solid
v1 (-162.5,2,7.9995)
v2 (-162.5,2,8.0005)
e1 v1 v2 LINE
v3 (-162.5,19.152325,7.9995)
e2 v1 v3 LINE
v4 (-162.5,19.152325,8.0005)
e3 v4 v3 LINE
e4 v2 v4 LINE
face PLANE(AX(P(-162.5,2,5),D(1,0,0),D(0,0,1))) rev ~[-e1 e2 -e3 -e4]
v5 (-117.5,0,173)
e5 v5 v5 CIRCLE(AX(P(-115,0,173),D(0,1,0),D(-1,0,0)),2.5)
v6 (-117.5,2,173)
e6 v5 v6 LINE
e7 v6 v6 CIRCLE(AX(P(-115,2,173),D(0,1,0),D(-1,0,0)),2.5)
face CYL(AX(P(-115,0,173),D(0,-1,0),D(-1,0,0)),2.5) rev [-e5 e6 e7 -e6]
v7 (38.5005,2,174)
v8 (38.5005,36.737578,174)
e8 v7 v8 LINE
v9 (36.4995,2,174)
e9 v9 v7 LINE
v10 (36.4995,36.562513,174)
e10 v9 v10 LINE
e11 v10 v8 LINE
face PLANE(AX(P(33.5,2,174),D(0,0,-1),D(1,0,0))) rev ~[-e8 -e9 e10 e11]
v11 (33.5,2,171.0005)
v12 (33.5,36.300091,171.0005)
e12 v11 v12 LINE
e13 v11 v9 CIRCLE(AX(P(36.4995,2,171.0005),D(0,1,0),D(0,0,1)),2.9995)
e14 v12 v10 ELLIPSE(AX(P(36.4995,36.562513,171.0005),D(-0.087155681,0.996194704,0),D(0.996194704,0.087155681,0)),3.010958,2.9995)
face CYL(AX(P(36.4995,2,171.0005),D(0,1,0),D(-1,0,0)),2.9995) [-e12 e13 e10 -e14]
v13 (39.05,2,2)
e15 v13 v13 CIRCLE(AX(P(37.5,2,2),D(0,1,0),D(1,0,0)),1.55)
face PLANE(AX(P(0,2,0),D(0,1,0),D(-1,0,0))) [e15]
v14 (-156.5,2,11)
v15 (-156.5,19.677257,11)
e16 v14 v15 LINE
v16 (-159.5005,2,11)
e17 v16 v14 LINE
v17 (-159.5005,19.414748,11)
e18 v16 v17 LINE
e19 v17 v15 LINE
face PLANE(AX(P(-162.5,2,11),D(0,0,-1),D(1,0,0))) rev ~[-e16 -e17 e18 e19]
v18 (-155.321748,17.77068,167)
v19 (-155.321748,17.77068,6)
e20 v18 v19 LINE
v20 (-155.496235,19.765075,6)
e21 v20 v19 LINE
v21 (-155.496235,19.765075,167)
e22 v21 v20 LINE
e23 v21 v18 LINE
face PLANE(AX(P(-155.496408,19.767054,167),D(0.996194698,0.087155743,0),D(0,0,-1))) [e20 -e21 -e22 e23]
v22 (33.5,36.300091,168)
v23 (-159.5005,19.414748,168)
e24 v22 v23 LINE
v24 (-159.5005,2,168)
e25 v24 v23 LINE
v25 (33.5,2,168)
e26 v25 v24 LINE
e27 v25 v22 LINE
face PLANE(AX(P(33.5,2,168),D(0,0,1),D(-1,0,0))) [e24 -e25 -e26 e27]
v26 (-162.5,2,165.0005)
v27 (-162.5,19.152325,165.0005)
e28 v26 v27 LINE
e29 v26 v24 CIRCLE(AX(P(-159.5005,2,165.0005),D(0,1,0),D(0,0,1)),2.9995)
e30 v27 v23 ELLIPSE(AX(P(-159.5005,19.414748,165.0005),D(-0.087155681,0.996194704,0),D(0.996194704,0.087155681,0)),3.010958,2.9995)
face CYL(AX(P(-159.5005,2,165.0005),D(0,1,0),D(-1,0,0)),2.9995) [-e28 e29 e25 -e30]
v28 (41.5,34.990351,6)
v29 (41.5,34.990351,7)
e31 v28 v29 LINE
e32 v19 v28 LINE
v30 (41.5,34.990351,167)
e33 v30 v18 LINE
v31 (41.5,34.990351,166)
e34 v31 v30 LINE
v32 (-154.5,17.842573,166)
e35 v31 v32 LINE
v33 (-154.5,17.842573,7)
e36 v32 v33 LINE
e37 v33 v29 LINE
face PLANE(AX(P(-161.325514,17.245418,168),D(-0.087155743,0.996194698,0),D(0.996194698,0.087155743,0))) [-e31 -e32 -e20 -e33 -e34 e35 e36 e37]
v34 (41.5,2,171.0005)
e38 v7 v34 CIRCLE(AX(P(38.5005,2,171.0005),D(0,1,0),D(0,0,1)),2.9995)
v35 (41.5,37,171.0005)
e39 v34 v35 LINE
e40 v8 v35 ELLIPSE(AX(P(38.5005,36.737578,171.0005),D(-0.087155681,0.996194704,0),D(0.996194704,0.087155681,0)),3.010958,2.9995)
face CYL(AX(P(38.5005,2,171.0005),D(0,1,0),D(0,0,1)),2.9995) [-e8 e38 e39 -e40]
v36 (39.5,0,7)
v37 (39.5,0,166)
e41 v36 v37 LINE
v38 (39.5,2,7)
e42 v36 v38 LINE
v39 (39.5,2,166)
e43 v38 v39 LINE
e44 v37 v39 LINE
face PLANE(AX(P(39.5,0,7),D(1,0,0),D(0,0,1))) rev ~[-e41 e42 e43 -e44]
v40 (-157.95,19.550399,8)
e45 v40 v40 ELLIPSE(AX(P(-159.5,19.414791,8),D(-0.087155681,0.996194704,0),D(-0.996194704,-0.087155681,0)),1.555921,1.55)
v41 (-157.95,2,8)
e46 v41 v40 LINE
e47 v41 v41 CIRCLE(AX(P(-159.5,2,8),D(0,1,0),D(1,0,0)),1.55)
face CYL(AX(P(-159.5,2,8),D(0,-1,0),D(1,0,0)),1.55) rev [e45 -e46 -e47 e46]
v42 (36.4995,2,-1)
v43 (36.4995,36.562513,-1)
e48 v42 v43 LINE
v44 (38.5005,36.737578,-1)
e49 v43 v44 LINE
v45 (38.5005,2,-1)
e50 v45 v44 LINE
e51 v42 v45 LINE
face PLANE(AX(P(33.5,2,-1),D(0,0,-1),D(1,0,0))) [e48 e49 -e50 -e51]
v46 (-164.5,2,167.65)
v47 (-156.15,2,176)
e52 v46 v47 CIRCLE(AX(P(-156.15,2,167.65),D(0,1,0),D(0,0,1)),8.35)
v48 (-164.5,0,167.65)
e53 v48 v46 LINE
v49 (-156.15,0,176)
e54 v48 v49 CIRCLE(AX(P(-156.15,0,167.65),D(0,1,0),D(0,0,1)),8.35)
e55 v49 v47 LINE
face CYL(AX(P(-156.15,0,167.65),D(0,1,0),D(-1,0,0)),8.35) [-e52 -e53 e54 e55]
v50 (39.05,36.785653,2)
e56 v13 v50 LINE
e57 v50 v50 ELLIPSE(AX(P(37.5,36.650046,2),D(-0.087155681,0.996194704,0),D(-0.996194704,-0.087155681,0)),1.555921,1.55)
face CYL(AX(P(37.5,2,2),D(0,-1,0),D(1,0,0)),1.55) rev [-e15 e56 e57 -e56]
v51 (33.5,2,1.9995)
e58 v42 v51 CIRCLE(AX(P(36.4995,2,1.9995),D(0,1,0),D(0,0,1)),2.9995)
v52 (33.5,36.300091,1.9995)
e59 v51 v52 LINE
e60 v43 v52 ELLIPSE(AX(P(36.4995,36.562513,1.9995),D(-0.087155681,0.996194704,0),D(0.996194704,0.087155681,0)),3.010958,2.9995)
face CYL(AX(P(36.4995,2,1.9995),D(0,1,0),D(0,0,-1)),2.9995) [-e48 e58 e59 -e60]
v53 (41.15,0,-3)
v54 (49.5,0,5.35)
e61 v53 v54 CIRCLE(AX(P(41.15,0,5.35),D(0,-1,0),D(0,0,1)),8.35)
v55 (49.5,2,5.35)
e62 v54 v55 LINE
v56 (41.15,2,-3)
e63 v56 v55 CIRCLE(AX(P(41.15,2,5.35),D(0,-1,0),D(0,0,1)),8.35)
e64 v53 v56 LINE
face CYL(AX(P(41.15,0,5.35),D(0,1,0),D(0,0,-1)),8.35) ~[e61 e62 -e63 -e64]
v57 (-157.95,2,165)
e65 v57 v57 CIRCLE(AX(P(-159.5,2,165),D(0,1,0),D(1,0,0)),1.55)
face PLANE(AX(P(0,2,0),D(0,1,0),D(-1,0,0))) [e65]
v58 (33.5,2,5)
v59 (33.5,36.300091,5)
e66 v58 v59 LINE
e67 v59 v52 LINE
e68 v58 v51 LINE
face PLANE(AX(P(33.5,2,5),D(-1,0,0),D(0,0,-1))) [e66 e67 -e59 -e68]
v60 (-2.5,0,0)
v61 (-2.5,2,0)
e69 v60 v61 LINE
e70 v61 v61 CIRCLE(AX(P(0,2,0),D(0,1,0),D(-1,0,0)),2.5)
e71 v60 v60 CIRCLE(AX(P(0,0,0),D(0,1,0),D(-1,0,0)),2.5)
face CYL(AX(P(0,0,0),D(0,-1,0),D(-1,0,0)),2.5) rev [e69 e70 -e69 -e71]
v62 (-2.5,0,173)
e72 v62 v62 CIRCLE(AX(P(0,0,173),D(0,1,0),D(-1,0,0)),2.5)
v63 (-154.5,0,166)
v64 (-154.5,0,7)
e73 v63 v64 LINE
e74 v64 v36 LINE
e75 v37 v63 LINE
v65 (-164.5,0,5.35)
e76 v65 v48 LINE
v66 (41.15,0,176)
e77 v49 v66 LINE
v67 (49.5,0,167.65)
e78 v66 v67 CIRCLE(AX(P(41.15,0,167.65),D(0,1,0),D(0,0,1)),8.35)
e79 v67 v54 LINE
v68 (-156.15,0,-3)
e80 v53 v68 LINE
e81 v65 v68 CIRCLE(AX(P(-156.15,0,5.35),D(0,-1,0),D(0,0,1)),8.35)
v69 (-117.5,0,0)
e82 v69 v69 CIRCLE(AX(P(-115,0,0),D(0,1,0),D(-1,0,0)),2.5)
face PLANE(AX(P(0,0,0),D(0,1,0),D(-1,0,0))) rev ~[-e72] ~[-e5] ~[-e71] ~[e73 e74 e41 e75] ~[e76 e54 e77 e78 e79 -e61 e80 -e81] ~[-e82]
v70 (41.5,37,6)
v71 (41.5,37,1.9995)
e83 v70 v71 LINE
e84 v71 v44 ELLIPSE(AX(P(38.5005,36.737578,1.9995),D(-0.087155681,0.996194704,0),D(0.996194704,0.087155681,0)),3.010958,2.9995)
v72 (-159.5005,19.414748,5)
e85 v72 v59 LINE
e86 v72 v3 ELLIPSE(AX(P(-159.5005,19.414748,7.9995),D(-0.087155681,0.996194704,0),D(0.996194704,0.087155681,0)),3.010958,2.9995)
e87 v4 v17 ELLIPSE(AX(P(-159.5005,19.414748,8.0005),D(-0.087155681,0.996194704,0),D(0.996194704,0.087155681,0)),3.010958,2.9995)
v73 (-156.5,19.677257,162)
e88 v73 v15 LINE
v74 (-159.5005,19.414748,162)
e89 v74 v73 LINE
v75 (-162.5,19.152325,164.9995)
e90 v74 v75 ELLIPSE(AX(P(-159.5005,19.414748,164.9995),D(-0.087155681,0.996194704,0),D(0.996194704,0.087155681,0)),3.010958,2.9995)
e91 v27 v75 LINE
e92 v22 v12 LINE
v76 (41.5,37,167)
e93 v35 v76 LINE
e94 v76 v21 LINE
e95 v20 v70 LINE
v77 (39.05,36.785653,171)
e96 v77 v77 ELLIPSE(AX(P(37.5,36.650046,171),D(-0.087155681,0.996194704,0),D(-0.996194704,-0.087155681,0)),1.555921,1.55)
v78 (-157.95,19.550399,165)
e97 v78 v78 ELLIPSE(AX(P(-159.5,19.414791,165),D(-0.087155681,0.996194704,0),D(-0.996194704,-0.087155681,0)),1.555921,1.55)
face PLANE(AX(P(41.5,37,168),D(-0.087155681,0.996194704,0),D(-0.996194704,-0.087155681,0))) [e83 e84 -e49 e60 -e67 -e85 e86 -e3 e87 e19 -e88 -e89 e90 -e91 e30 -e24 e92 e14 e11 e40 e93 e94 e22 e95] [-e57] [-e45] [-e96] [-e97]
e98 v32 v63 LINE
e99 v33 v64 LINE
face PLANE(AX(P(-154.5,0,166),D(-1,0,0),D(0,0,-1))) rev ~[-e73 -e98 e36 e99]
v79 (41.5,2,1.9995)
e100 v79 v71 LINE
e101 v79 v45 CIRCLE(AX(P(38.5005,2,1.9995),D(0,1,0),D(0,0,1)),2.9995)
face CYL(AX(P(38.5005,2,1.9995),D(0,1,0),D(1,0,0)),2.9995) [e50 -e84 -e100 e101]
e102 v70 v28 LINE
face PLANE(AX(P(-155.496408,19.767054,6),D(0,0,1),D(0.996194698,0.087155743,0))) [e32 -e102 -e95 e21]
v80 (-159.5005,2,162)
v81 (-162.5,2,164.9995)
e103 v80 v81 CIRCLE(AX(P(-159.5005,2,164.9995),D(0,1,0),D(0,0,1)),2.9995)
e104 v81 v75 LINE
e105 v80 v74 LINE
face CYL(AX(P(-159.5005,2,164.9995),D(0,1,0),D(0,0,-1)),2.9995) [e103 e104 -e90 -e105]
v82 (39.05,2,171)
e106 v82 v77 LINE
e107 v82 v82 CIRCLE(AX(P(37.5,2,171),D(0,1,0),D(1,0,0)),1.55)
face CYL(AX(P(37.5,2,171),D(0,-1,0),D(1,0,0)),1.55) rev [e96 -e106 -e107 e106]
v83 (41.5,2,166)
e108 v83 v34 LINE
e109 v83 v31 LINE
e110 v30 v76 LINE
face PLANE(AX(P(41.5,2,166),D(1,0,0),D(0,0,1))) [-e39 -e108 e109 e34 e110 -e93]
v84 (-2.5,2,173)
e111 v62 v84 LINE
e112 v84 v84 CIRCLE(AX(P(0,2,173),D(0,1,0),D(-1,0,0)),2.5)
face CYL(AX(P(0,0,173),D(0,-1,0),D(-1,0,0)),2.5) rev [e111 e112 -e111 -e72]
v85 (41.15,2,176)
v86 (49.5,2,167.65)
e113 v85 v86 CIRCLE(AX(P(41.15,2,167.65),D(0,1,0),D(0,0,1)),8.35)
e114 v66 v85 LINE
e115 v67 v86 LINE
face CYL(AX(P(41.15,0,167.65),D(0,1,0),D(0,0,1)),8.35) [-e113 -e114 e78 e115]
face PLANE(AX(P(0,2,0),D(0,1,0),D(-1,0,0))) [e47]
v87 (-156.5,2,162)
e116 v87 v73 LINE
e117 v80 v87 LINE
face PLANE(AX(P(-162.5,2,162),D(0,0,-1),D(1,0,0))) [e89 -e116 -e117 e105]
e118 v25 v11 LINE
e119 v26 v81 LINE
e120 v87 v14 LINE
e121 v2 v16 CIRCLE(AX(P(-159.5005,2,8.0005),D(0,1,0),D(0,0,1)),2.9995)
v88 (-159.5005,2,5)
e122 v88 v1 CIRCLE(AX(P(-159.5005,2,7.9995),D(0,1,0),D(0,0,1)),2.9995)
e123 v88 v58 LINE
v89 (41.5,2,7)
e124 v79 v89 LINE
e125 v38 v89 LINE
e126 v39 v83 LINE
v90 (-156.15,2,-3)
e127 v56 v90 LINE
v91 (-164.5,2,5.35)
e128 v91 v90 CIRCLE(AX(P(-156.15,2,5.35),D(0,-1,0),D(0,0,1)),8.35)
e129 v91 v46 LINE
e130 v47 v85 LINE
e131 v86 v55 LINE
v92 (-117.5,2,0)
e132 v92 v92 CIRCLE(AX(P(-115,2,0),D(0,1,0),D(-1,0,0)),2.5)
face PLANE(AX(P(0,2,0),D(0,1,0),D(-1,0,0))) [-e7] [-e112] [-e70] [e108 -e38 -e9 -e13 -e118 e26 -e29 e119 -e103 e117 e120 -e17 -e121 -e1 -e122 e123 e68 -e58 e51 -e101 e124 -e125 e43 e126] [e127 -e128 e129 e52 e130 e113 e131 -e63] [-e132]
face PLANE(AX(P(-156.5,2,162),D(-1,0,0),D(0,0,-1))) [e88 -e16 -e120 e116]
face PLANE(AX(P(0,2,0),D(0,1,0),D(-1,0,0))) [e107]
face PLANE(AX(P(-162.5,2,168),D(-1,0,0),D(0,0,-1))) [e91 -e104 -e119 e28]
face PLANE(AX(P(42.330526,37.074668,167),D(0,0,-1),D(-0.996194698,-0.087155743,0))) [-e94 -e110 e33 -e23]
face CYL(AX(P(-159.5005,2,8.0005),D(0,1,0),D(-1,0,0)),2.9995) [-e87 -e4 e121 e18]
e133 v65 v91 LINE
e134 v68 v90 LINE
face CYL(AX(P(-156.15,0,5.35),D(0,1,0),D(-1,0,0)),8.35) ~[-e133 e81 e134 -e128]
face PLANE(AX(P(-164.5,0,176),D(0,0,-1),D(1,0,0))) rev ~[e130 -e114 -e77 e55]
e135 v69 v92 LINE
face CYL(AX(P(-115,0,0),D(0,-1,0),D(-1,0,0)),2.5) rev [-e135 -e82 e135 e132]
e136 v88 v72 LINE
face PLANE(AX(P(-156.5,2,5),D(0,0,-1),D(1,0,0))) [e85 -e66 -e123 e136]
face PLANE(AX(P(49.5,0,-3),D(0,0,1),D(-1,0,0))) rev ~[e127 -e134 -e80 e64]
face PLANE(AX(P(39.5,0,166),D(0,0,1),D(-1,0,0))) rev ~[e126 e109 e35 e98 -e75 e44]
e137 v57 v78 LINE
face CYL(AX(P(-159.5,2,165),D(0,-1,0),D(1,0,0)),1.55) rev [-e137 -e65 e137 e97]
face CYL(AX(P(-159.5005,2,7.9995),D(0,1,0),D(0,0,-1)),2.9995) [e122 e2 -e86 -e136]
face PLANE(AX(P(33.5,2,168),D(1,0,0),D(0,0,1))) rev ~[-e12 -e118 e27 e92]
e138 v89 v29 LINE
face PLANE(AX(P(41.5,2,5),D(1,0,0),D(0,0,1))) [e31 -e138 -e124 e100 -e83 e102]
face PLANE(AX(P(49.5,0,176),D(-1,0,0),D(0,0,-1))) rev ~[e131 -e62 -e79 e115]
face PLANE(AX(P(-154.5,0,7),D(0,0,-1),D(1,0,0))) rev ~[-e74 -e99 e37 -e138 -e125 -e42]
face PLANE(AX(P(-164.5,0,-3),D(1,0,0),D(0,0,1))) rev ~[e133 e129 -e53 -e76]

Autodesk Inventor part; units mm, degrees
ref_plane "YZ Plane" through (0, 0, 0) normal (1, 0, 0) x (0, 1, 0)
ref_plane "XZ Plane" through (0, 0, 0) normal (0, 1, 0) x (-1, 0, 0)
ref_plane "XY Plane" through (0, 0, 0) normal (0, 0, 1) x (1, 0, 0)
sketch "panelconnect" plane through (0, 0, 0) normal (0, 1, 0) x (-1, 0, 0)
  circle A0 centre (0, 0) radius 2.5
  circle A1 centre (115, 0) radius 2.5
  circle A2 centre (115, 173) radius 2.5
  circle A3 centre (0, 173) radius 2.5
  line L0 (57.2025, 240.8064) -> (94.1768, 240.8064)
  line L1 (94.1768, 240.8064) -> (82.9725, 250.4701)
  line L2 (82.9725, 250.4701) -> (82.9725, 230.5824)
  line L3 (82.9725, 230.5824) -> (94.1768, 240.8064)
  line L4 (172.5, 184) -> (-57.5, 184)
  line L5 (-57.5, 184) -> (-57.5, -11)
  line L6 (-57.5, -11) -> (172.5, -11)
  line L7 (172.5, -11) -> (172.5, 184)
  line L8 (-39.5, 166) -> (154.5, 166)
  line L9 (154.5, 166) -> (154.5, 7)
  line L10 (154.5, 7) -> (-39.5, 7)
  line L11 (-39.5, 7) -> (-39.5, 166)
  line L12 (164.5, 176) -> (-49.5, 176)
  line L13 (-49.5, 176) -> (-49.5, -3)
  line L14 (-49.5, -3) -> (164.5, -3)
  line L15 (164.5, -3) -> (164.5, 176)
  dimension "d0" = 5
  dimension "d1" = 5
  dimension "d3" = 5
  dimension "d7" = 5
  dimension "d11" = 195
  dimension "d14" = 18
  dimension "d15" = 10
  dimension "d54" = 115
  dimension "d55" = 57.5
  dimension "d56" = 57.5
  dimension "d57" = 230
  dimension "d58" = 173
  dimension "d61" = 11
  dimension "d62" = 57.5
  dimension "d64" = 57.5
  dimension "d65" = 11
extrude "panelExtrude" add sketch "panelconnect" along normal blind 2 contours L15 L14 L13 L12
sketch "Sketch2" plane through (0, 2, 0) normal (0, 1, 0) x (1, 0, 0)
  line L0 (39.5, -7) -> (39.5, -166) projected
  line L1 (-154.5, -166) -> (39.5, -166)
  line L2 (39.5, -166) -> (39.5, -7)
  line L3 (39.5, -7) -> (-154.5, -7)
  line L4 (-154.5, -7) -> (-154.5, -166)
  line L5 (41.5, -168) -> (-156.5, -168)
  line L6 (-156.5, -168) -> (-156.5, -5)
  line L7 (-156.5, -5) -> (41.5, -5)
  line L8 (41.5, -5) -> (41.5, -168)
  line L9 (39.5, -7) -> (64.2045, -7)
  line L10 (39.5, -166) -> (-154.5, -166) projected
  line L11 (39.5, -166) -> (69.5542, -166)
  line L12 (-156.5, -5) -> (-156.5, -168)
  line L13 (41.5, -168) -> (33.5, -168)
  line L14 (33.5, -168) -> (33.5, -174)
  line L15 (33.5, -174) -> (41.5, -174)
  line L16 (41.5, -174) -> (41.5, -168)
  line L17 (41.5, -5) -> (33.5, -5)
  line L18 (33.5, -5) -> (33.5, 1)
  line L19 (33.5, 1) -> (41.5, 1)
  line L20 (41.5, 1) -> (41.5, -5)
  circle A0 centre (37.5, -171) radius 1.55
  circle A1 centre (37.5, -2) radius 1.55
  line L21 (-156.5, -168) -> (-162.5, -168)
  line L22 (-162.5, -168) -> (-162.5, -162)
  line L23 (-162.5, -162) -> (-156.5, -162)
  line L24 (-156.5, -162) -> (-156.5, -168)
  line L25 (-156.5, -5) -> (-162.5, -5)
  line L26 (-162.5, -5) -> (-162.5, -11)
  line L27 (-162.5, -11) -> (-156.5, -11)
  line L28 (-156.5, -11) -> (-156.5, -5)
  circle A2 centre (-159.5, -165) radius 1.55
  circle A3 centre (-159.5, -8) radius 1.55
  point P0 (0, 0)
  point P1 (41.5, -166)
  point P2 (41.5, -7)
  point P3 (-156.5, -5)
  dimension "d18" = 2
  dimension "d28" = 8
  dimension "d29" = 6
  dimension "d30" = 6
  dimension "d34" = 3.1
  dimension "d35" = 3
  dimension "d36" = 4
  dimension "d37" = 3.1
  dimension "d38" = 3
  dimension "d39" = 4
  dimension "d42" = 6
  dimension "d43" = 6
  dimension "d44" = 6
  dimension "d45" = 6
  dimension "d46" = 3.1
  dimension "d47" = 3
  dimension "d48" = 3
  dimension "d49" = 3.1
  dimension "d50" = 3
  dimension "d51" = 3
extrude "bodyExtrude" add sketch "Sketch2" along normal blind 35 contours L3 L4 L1 L11 L8 L5 L6 L7 L9 | L7 L18 L19 L20 | L16 L15 L14 L5 | L6 L27 L26 L25 | L21 L22 L23 L6
sketch "Sketch3" plane through (-161.5, 2, 168) normal (0, 0, 1) x (1, 0, 0)
  line L0 (203, 0) -> (203, 35) projected
  line L1 (203, 35) -> (-34.1829, 14.2492)
  line L2 (203, 35) -> (441.0889, 35) construction
  line L3 (7, 35) -> (203, 35) projected
  line L4 (-1, 0) -> (-1, 35) projected
  line L5 (-1, 17.5) -> (-1, 35)
  line L6 (203, 35) -> (195, 35) projected
  line L7 (-1, 35) -> (203, 35)
  point P0 (161.5, -2)
  point P1 (-1, 17.1523)
  dimension "d22" = 175
extrude "baseAngle" cut sketch "Sketch3" against normal mid plane 398.4625
sketch "Sketch4" plane through (-161.5, 19.2398, 168) normal (-0.0872, 0.9962, 0) x (0.9962, 0.0872, 0)
  line L0 (7.0267, 161) -> (7.0267, 2) projected
  line L1 (7.0267, 2) -> (203.6093, 2)
  line L2 (203.6093, 2) -> (203.6093, 161)
  line L3 (203.6093, 161) -> (7.0267, 161)
  line L4 (7.0267, 161) -> (7.0267, 2)
  line L5 (6.0267, 162) -> (204.6093, 162)
  line L6 (204.6093, 162) -> (204.6093, 1)
  line L7 (204.6093, 1) -> (6.0267, 1)
  line L8 (6.0267, 1) -> (6.0267, 162)
  point P0 (159.2086, 168)
  point P1 (7.0267, 21.4312)
  dimension "d25" = 1
extrude "bodyDetent" cut sketch "Sketch4" against normal blind 2 contours L3 L2 L1 L0 | L5 L6 L7 L8
fillet "Fillet1" radius 8.35 4 edges at (49.5, 1, -3) (-164.5, 1, -3) (-164.5, 1, 176) (49.5, 1, 176)
fillet "Fillet2" radius 3 8 edges at (33.5, 19.15, 174) (41.5, 19.5, 174) (41.5, 19.5, -1) (33.5, 19.15, -1) (-162.5, 10.5762, 11) (-162.5, 10.5762, 5) (-162.5, 10.5762, 162) (-162.5, 10.5762, 168)
properties part number "mainBody"
